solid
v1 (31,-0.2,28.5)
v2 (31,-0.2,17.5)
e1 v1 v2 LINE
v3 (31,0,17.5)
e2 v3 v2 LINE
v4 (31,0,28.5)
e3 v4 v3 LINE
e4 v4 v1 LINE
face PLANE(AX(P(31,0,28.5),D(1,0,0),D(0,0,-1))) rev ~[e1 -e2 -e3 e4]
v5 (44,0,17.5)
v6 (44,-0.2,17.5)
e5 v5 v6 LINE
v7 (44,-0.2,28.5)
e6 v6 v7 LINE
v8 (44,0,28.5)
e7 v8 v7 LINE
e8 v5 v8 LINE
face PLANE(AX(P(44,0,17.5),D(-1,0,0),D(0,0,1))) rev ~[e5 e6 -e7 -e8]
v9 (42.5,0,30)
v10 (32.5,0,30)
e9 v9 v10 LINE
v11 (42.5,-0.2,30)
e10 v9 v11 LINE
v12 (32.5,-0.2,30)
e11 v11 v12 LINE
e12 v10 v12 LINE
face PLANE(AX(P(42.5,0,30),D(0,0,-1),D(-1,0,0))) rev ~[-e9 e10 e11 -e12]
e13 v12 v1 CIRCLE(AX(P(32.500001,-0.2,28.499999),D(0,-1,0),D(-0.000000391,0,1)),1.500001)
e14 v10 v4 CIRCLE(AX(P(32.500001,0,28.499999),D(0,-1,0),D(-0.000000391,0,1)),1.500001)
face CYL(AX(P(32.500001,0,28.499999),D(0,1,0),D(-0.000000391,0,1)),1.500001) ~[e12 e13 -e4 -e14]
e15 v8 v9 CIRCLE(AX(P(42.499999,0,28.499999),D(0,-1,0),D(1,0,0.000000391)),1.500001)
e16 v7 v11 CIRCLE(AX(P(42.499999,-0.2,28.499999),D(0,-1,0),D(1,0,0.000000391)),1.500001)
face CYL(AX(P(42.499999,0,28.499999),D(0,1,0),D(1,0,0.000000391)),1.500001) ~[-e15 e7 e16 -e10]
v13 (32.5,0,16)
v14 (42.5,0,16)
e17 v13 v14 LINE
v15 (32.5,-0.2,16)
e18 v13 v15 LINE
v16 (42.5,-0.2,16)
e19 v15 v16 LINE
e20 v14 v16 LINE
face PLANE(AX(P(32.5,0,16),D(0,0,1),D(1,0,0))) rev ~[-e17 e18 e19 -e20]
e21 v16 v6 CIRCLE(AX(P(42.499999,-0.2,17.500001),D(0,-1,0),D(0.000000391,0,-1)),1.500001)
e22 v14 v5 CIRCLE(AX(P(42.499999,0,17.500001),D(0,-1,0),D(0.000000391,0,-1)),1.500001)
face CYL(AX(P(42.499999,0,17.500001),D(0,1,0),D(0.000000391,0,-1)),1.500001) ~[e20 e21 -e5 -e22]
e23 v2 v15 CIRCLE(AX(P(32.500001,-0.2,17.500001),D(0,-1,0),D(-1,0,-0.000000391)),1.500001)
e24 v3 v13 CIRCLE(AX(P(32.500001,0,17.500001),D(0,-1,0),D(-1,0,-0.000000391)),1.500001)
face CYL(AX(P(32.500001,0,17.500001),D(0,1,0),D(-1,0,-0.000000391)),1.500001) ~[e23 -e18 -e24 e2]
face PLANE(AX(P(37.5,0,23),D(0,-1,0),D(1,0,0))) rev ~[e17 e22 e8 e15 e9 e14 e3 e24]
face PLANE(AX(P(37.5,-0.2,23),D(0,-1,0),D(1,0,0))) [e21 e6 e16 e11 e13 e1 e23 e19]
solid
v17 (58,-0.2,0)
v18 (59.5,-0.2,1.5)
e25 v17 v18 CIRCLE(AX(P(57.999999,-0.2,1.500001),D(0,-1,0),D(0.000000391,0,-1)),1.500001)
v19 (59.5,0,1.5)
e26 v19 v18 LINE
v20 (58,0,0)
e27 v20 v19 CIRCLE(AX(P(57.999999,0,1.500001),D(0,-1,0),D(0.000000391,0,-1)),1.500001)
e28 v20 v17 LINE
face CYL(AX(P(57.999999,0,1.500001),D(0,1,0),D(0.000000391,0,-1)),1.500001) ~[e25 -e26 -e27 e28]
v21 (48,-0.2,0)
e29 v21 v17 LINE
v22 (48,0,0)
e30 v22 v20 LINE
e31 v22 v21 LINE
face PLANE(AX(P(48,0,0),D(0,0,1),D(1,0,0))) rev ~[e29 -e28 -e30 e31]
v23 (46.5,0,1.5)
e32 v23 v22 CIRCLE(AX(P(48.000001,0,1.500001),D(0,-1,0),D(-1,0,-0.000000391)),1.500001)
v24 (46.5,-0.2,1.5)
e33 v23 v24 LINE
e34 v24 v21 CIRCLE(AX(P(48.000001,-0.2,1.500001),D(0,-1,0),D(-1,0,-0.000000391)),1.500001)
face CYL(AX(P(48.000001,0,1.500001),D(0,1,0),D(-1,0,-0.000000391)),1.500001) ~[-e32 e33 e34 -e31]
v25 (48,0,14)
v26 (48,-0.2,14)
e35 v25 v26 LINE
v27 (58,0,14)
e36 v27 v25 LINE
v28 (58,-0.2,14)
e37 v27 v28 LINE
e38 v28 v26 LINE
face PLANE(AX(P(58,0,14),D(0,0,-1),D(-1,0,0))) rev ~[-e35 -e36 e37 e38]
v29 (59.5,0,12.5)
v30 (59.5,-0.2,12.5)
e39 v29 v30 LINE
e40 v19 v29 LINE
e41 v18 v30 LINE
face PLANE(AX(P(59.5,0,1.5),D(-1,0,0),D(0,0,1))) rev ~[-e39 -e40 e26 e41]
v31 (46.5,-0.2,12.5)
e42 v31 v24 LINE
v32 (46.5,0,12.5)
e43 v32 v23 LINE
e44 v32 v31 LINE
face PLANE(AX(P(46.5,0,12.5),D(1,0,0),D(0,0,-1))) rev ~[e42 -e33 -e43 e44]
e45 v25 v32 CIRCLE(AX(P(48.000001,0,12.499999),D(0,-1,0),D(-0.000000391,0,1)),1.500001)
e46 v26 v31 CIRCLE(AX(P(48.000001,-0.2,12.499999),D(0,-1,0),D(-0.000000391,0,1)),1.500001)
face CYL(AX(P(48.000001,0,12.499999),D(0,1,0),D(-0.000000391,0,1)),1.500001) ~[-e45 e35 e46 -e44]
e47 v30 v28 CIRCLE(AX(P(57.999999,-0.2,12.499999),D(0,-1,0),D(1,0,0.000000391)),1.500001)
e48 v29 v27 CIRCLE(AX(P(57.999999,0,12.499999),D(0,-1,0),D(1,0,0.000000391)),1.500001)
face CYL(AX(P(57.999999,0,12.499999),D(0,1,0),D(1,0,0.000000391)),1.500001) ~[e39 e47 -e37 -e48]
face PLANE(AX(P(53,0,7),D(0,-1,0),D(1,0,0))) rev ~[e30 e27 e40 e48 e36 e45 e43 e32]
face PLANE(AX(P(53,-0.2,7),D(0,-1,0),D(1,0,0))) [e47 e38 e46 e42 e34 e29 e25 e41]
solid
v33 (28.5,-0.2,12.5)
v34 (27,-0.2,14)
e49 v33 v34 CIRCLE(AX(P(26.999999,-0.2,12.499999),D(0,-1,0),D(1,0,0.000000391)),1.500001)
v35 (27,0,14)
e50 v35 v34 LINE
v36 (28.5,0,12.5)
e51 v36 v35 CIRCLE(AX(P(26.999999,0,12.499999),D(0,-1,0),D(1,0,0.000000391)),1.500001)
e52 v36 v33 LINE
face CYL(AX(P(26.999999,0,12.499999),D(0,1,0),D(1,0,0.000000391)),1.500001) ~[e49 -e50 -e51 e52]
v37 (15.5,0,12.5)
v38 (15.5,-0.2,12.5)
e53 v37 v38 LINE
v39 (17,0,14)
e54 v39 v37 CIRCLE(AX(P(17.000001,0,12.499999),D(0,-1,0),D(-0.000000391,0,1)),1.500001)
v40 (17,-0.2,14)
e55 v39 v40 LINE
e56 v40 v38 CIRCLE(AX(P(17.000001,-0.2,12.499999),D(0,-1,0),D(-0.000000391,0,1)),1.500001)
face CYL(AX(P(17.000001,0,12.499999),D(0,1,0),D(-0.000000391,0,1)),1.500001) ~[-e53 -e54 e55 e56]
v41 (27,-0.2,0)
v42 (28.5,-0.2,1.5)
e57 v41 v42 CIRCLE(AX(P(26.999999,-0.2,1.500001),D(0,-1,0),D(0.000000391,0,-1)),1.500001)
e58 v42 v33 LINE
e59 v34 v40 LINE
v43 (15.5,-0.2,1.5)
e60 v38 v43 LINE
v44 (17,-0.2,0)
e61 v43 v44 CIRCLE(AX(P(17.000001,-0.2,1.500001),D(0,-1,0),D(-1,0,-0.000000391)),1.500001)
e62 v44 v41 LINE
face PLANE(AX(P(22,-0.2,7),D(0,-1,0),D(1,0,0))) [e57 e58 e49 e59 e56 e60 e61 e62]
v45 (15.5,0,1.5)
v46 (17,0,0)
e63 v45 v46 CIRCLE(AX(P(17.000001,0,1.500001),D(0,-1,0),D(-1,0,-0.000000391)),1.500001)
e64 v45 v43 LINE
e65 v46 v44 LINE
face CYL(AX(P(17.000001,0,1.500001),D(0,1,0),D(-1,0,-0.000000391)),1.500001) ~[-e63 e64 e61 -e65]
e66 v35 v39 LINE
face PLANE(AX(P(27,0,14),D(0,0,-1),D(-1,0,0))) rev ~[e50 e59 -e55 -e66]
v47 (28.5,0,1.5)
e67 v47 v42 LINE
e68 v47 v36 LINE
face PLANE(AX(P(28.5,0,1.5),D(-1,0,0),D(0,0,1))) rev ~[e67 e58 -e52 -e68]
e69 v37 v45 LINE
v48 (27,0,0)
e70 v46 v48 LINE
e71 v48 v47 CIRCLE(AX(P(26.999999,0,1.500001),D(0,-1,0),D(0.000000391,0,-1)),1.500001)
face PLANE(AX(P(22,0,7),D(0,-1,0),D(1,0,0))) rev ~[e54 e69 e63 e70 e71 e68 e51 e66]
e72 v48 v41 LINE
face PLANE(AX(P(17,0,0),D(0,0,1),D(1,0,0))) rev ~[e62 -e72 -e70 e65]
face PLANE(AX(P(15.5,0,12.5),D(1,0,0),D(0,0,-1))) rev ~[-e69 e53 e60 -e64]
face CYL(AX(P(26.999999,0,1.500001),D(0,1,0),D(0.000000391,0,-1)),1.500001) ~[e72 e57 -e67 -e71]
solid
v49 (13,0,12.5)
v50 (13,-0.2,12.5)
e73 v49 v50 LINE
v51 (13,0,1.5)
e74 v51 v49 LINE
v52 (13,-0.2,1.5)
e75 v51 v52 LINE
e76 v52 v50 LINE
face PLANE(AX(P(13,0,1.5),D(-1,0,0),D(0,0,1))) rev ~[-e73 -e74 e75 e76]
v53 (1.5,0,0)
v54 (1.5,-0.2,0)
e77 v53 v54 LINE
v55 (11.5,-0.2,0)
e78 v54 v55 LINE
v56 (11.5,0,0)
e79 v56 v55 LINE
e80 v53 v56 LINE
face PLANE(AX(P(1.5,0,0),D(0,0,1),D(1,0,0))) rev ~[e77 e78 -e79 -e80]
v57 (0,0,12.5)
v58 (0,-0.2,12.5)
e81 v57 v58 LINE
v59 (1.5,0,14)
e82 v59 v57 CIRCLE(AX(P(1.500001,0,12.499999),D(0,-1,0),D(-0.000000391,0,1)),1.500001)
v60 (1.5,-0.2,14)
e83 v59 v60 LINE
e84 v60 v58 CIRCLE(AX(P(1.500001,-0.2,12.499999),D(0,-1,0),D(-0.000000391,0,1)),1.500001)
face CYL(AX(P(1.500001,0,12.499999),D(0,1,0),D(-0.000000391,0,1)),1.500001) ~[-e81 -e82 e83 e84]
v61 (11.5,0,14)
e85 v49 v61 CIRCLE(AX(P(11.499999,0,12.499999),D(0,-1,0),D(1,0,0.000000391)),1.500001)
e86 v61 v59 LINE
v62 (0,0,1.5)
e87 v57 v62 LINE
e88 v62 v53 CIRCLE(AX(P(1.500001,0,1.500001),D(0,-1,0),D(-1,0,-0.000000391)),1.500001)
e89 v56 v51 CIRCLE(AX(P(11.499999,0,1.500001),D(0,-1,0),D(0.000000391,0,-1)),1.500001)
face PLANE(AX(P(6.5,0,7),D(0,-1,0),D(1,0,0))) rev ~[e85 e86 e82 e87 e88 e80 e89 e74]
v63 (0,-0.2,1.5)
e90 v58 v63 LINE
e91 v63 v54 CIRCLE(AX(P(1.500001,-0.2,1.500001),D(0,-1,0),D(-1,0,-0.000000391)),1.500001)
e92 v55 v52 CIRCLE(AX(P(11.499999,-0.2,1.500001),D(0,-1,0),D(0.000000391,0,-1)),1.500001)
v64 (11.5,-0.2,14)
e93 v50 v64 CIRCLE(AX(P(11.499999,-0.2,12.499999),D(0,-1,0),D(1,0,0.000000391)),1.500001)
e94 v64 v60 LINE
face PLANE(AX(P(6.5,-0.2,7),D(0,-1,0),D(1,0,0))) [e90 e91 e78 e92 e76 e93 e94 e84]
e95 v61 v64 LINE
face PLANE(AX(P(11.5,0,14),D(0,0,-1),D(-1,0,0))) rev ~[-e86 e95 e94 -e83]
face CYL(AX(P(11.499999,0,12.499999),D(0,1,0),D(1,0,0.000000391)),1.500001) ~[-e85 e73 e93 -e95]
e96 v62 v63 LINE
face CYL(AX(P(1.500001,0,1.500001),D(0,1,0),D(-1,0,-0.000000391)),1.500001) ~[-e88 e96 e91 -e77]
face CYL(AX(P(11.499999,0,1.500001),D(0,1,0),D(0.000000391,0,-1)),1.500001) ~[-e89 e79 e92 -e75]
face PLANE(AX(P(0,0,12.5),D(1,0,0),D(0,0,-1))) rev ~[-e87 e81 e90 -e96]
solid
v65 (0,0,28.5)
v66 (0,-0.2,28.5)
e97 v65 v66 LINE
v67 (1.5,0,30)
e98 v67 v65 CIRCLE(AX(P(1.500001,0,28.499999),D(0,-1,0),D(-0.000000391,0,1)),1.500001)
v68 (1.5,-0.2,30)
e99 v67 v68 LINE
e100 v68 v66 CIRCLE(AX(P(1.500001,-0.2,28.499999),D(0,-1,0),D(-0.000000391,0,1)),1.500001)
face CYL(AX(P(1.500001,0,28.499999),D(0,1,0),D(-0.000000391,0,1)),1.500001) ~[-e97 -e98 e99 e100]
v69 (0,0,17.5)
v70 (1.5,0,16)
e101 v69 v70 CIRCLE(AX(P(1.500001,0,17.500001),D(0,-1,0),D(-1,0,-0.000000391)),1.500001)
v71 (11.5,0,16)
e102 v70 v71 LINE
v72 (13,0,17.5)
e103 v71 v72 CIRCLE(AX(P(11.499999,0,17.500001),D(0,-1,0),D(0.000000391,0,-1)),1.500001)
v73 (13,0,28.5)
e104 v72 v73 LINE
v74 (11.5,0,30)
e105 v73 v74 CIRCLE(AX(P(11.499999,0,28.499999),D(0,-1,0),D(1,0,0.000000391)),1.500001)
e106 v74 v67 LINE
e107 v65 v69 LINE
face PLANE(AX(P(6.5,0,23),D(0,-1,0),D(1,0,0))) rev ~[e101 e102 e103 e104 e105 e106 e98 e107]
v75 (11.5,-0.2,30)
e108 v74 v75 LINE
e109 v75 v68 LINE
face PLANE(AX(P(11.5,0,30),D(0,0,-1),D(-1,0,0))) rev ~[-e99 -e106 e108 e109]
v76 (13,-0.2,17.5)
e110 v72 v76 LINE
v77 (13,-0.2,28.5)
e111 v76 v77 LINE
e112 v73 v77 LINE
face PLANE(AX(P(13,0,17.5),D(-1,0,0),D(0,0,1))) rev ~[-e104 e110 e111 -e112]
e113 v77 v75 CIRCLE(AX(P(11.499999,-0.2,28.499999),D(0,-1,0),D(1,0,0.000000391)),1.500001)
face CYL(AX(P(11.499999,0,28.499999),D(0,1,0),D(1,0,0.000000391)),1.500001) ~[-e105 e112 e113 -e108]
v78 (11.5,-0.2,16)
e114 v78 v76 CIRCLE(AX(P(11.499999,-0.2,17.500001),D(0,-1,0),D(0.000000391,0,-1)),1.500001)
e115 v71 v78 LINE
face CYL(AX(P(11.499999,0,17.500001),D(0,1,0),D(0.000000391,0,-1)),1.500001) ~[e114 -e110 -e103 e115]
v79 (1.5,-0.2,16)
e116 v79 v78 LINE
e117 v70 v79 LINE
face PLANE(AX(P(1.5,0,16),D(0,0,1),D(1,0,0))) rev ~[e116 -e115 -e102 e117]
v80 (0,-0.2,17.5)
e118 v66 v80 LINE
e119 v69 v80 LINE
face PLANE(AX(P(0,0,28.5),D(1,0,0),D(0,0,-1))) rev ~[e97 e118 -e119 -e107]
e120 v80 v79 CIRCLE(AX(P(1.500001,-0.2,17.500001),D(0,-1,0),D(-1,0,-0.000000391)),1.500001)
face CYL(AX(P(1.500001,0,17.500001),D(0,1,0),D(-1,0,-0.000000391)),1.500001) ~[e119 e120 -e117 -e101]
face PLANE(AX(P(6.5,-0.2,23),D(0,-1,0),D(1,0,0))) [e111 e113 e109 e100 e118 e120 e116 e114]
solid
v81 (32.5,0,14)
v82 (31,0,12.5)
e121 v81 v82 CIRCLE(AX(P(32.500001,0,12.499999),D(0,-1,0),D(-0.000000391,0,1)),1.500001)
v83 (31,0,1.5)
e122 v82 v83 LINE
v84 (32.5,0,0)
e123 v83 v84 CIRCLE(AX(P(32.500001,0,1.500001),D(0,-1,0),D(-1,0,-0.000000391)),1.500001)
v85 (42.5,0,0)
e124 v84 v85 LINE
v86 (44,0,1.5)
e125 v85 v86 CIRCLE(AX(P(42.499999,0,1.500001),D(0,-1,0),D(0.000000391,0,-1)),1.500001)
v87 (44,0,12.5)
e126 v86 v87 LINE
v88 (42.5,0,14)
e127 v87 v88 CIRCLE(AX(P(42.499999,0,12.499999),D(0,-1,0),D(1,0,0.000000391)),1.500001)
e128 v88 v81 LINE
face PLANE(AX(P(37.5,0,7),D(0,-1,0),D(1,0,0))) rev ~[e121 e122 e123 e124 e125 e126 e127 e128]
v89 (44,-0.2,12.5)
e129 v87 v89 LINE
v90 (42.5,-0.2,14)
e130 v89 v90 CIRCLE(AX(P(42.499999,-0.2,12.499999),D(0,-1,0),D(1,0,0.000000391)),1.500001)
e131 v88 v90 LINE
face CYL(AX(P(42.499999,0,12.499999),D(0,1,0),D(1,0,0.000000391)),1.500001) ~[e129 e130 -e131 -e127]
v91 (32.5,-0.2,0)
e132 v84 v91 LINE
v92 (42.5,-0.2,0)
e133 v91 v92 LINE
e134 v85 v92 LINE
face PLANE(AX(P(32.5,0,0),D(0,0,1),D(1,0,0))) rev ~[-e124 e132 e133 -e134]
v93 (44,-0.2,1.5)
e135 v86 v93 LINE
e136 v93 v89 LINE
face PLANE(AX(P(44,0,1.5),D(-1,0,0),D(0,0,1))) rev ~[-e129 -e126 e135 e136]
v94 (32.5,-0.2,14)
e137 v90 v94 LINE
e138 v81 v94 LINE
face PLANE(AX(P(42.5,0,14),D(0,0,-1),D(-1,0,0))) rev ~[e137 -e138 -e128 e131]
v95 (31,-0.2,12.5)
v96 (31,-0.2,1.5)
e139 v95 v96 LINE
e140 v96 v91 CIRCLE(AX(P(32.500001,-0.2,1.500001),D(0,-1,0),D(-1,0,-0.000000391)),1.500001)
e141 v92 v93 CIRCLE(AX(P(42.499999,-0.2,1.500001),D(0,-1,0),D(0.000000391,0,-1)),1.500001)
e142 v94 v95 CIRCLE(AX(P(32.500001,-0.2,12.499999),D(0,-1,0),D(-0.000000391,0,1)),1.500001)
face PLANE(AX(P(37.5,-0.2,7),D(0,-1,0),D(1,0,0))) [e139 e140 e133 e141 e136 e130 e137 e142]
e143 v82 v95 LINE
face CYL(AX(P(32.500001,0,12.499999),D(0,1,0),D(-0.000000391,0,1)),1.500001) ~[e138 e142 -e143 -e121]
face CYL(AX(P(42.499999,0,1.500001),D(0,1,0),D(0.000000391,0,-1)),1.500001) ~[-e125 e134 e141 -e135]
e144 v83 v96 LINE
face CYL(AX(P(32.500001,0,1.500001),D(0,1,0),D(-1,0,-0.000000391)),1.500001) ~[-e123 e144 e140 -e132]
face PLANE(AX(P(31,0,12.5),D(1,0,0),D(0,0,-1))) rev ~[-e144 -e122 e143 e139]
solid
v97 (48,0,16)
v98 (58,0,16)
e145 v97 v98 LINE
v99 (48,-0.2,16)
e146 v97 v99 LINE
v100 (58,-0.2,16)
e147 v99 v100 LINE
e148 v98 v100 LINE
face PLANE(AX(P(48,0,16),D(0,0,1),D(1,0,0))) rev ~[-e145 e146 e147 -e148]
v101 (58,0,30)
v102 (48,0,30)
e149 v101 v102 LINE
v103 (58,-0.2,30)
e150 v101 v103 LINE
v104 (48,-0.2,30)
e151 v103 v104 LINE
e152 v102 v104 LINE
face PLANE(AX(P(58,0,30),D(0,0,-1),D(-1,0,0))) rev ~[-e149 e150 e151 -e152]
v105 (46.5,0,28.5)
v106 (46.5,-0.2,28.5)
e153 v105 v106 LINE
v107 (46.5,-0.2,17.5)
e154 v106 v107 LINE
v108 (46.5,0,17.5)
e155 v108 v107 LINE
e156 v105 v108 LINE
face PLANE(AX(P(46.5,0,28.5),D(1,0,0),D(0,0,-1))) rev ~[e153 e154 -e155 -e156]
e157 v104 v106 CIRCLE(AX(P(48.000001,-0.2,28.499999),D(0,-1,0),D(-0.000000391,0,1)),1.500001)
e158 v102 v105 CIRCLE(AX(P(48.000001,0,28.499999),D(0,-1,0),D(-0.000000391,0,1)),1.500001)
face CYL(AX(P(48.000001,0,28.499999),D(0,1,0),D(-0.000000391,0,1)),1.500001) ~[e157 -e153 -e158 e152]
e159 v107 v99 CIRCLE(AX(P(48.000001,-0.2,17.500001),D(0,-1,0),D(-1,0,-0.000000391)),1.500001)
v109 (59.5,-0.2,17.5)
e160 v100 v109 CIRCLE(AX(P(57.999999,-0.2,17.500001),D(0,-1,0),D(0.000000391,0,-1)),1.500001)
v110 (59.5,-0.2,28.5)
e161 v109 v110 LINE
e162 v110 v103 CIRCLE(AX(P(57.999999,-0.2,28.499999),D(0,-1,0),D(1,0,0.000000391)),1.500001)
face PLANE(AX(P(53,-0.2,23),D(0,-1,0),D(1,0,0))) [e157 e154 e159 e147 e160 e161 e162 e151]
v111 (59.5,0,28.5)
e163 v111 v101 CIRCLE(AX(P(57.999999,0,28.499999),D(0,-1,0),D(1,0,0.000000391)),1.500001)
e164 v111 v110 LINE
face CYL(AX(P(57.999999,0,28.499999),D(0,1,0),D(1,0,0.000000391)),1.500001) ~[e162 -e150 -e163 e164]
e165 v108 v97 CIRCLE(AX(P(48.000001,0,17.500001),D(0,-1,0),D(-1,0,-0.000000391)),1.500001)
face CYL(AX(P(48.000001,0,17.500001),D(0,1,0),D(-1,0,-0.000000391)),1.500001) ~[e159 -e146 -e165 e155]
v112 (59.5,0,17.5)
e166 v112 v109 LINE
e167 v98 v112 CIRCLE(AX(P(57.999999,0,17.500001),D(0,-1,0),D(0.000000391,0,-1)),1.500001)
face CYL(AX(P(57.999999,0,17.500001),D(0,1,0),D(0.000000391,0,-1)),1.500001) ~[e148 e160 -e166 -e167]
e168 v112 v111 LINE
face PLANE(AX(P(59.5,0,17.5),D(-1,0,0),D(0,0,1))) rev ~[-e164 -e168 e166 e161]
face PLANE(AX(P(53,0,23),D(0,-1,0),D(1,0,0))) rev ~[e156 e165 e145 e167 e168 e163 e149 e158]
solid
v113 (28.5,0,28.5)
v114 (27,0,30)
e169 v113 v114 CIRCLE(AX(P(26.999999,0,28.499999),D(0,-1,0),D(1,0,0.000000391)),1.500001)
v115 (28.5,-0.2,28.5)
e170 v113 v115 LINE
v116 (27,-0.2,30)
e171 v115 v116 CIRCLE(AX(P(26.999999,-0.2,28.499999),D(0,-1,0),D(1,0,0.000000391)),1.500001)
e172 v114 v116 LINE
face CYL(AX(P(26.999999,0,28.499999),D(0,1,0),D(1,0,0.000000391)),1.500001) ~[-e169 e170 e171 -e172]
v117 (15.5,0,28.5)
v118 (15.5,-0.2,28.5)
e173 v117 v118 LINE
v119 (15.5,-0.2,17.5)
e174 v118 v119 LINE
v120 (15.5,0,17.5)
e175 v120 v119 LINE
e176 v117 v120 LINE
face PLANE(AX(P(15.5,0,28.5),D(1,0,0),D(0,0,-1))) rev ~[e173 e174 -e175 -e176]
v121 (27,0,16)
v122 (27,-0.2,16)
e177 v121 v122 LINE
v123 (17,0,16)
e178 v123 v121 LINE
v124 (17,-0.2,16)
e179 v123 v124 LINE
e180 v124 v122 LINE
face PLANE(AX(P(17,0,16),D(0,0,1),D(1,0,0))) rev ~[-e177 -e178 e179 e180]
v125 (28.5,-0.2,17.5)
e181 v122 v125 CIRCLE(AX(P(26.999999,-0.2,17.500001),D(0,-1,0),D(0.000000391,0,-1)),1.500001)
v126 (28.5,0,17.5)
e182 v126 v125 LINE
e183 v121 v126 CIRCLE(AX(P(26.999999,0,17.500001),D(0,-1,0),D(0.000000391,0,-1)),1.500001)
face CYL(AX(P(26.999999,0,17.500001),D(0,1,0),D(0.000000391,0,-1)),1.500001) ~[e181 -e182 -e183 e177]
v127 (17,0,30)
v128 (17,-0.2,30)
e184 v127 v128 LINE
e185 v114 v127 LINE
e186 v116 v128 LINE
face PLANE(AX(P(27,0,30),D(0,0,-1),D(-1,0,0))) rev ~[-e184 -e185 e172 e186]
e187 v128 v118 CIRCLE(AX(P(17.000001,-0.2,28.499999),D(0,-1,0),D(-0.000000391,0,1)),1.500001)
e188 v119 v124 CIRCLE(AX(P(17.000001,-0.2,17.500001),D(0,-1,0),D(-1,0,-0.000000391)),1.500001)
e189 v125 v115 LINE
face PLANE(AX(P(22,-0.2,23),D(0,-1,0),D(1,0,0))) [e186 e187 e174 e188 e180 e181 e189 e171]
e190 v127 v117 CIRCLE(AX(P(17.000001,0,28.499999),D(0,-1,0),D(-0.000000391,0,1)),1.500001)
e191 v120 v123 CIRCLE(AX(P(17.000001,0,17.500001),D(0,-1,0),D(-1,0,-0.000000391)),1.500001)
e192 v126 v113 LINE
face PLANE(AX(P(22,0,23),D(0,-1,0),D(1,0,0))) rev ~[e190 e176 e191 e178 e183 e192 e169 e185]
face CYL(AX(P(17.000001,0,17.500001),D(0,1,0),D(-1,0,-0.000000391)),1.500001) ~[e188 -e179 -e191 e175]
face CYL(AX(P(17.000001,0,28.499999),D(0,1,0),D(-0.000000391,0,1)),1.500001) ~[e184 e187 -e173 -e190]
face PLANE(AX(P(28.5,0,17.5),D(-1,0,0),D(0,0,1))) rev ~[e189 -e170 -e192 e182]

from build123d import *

# Parameters (mm, degrees)
F1_DEPTH = 0.2


with BuildPart() as f1:
    # F0 (on Front) → F1 (new body)
    with BuildSketch(Plane.XZ):
        with BuildLine():
            ThreePointArc((0, 1.5), (0.43934, 0.43934), (1.5, 0))
            Line((1.5, 0), (11.5, 0))
            ThreePointArc((11.5, 0), (12.56066, 0.43934), (13, 1.5))
            Line((13, 1.5), (13, 12.5))
            ThreePointArc((13, 12.5), (12.56066, 13.56066), (11.5, 14))
            Line((11.5, 14), (1.5, 14))
            ThreePointArc((1.5, 14), (0.43934, 13.56066), (0, 12.5))
            Line((0, 12.5), (0, 1.5))
        make_face()
        with BuildLine():
            ThreePointArc((11.5, 16), (12.56066, 16.43934), (13, 17.5))
            Line((13, 17.5), (13, 28.5))
            ThreePointArc((13, 28.5), (12.56066, 29.56066), (11.5, 30))
            Line((11.5, 30), (1.5, 30))
            ThreePointArc((1.5, 30), (0.43934, 29.56066), (0, 28.5))
            Line((0, 28.5), (0, 17.5))
            ThreePointArc((0, 17.5), (0.43934, 16.43934), (1.5, 16))
            Line((1.5, 16), (11.5, 16))
        make_face()
        with BuildLine():
            ThreePointArc((27, 0), (28.06066, 0.43934), (28.5, 1.5))
            Line((28.5, 1.5), (28.5, 12.5))
            ThreePointArc((28.5, 12.5), (28.06066, 13.56066), (27, 14))
            Line((27, 14), (17, 14))
            ThreePointArc((17, 14), (15.93934, 13.56066), (15.5, 12.5))
            Line((15.5, 12.5), (15.5, 1.5))
            ThreePointArc((15.5, 1.5), (15.93934, 0.43934), (17, 0))
            Line((17, 0), (27, 0))
        make_face()
        with BuildLine():
            ThreePointArc((27, 16), (28.06066, 16.43934), (28.5, 17.5))
            Line((28.5, 17.5), (28.5, 28.5))
            ThreePointArc((28.5, 28.5), (28.06066, 29.56066), (27, 30))
            Line((27, 30), (17, 30))
            ThreePointArc((17, 30), (15.93934, 29.56066), (15.5, 28.5))
            Line((15.5, 28.5), (15.5, 17.5))
            ThreePointArc((15.5, 17.5), (15.93934, 16.43934), (17, 16))
            Line((17, 16), (27, 16))
        make_face()
        with BuildLine():
            ThreePointArc((42.5, 0), (43.56066, 0.43934), (44, 1.5))
            Line((44, 1.5), (44, 12.5))
            ThreePointArc((44, 12.5), (43.56066, 13.56066), (42.5, 14))
            Line((42.5, 14), (32.5, 14))
            ThreePointArc((32.5, 14), (31.43934, 13.56066), (31, 12.5))
            Line((31, 12.5), (31, 1.5))
            ThreePointArc((31, 1.5), (31.43934, 0.43934), (32.5, 0))
            Line((32.5, 0), (42.5, 0))
        make_face()
        with BuildLine():
            ThreePointArc((42.5, 16), (43.56066, 16.43934), (44, 17.5))
            Line((44, 17.5), (44, 28.5))
            ThreePointArc((44, 28.5), (43.56066, 29.56066), (42.5, 30))
            Line((42.5, 30), (32.5, 30))
            ThreePointArc((32.5, 30), (31.43934, 29.56066), (31, 28.5))
            Line((31, 28.5), (31, 17.5))
            ThreePointArc((31, 17.5), (31.43934, 16.43934), (32.5, 16))
            Line((32.5, 16), (42.5, 16))
        make_face()
        with BuildLine():
            ThreePointArc((58, 0), (59.06066, 0.43934), (59.5, 1.5))
            Line((59.5, 1.5), (59.5, 12.5))
            ThreePointArc((59.5, 12.5), (59.06066, 13.56066), (58, 14))
            Line((58, 14), (48, 14))
            ThreePointArc((48, 14), (46.93934, 13.56066), (46.5, 12.5))
            Line((46.5, 12.5), (46.5, 1.5))
            ThreePointArc((46.5, 1.5), (46.93934, 0.43934), (48, 0))
            Line((48, 0), (58, 0))
        make_face()
        with BuildLine():
            ThreePointArc((58, 16), (59.06066, 16.43934), (59.5, 17.5))
            Line((59.5, 17.5), (59.5, 28.5))
            ThreePointArc((59.5, 28.5), (59.06066, 29.56066), (58, 30))
            Line((58, 30), (48, 30))
            ThreePointArc((48, 30), (46.93934, 29.56066), (46.5, 28.5))
            Line((46.5, 28.5), (46.5, 17.5))
            ThreePointArc((46.5, 17.5), (46.93934, 16.43934), (48, 16))
            Line((48, 16), (58, 16))
        make_face()
    extrude(amount=F1_DEPTH)


solid = f1.part
